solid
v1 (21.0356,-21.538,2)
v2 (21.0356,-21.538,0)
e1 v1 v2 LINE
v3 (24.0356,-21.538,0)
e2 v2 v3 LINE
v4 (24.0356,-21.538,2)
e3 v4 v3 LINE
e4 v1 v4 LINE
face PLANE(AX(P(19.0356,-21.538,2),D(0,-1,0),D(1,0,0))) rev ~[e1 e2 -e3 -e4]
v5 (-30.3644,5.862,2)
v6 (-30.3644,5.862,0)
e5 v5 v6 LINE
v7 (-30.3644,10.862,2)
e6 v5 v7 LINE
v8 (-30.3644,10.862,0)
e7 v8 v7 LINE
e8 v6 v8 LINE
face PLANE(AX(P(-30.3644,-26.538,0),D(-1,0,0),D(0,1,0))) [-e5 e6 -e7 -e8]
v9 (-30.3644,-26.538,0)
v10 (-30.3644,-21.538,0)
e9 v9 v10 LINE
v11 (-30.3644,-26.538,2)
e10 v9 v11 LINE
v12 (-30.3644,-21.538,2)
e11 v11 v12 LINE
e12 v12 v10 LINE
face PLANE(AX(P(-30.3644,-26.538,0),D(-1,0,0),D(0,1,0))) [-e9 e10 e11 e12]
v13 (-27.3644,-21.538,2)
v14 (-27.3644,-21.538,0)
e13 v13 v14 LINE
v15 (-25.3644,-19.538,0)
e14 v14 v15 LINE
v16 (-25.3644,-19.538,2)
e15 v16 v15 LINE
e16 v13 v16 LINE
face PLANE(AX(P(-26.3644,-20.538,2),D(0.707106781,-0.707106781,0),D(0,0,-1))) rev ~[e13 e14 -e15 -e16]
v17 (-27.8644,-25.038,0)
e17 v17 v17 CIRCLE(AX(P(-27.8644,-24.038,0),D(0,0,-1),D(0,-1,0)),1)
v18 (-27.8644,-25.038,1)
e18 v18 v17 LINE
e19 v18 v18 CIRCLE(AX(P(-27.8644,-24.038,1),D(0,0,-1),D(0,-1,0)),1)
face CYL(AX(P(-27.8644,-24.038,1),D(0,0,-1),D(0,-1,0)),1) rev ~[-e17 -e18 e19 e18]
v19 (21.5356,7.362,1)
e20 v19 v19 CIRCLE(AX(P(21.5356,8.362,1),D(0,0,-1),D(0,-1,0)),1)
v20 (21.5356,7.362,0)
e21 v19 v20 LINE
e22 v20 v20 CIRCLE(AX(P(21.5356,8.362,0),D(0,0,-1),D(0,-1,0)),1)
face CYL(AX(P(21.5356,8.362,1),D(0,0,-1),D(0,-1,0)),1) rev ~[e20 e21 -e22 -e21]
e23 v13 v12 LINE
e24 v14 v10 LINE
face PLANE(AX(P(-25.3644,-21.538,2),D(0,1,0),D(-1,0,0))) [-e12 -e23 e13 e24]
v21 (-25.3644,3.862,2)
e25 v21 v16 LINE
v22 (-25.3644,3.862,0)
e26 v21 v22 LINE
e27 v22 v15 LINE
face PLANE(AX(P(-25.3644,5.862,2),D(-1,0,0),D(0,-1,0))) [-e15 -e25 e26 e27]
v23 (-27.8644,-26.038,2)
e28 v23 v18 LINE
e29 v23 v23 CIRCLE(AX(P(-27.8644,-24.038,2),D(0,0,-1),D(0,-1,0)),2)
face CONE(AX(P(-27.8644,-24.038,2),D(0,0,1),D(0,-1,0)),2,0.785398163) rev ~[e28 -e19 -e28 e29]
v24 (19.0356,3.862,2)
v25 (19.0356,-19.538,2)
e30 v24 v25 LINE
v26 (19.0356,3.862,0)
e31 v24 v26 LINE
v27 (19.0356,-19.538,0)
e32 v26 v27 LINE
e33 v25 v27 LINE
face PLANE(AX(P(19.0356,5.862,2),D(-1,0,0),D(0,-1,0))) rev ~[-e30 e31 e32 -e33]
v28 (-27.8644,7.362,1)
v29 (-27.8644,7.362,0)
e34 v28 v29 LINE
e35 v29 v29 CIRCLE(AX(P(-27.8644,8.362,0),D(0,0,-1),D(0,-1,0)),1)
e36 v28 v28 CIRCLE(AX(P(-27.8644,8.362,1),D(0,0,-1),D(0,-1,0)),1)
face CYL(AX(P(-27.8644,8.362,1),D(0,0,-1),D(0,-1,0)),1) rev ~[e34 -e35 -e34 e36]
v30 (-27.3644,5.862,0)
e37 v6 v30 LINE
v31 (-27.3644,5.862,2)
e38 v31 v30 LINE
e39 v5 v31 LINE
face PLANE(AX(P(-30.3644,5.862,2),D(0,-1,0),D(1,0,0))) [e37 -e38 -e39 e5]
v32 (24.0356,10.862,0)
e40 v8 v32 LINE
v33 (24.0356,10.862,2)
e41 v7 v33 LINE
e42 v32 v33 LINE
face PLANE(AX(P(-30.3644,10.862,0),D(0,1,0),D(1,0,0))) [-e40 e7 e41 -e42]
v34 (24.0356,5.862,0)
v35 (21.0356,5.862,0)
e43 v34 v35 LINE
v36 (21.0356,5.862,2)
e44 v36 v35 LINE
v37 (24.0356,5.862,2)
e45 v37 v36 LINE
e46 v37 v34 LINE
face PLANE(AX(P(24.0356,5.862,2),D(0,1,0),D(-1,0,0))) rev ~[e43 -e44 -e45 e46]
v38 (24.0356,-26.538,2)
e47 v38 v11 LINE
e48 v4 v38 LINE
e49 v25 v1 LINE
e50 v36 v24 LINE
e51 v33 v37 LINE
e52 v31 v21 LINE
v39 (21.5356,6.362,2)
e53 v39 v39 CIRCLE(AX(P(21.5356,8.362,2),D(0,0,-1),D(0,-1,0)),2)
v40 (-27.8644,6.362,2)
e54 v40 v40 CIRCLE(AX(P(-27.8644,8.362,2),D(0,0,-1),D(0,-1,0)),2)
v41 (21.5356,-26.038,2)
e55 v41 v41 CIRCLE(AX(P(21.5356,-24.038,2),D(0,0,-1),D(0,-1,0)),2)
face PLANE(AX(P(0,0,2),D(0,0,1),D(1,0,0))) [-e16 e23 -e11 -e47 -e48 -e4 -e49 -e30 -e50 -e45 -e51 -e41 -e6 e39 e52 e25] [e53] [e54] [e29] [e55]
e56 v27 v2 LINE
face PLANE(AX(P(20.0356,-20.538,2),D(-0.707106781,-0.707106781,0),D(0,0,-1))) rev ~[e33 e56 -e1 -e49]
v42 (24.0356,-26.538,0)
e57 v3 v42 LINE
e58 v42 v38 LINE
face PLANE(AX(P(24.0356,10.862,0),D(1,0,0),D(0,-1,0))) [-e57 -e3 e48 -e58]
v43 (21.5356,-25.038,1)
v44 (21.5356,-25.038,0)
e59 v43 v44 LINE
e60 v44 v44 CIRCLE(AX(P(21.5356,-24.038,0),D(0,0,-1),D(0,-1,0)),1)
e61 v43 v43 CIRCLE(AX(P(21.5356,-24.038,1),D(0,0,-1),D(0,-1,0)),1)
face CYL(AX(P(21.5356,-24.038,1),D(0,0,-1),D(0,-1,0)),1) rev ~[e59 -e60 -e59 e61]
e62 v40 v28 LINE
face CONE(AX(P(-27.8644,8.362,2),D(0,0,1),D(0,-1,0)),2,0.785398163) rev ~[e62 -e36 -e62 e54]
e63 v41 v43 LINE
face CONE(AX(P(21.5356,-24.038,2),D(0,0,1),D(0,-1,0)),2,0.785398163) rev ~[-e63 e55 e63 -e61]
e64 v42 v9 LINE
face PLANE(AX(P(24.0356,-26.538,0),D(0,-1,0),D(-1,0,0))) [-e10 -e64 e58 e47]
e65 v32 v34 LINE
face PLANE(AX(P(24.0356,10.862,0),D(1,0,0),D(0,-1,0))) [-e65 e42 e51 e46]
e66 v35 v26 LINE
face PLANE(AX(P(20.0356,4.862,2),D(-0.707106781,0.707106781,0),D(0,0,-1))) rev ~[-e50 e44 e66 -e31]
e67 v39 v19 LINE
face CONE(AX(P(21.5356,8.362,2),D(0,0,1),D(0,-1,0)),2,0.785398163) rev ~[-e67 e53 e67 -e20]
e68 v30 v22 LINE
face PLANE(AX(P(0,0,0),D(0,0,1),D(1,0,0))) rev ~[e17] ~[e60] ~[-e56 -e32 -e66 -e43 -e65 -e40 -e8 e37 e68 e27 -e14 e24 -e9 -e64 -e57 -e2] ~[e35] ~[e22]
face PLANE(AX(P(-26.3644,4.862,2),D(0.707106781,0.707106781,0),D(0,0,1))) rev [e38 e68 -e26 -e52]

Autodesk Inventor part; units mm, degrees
ref_plane "YZ Plane" through (0, 0, 0) normal (1, 0, 0) x (0, 1, 0)
ref_plane "XZ Plane" through (0, 0, 0) normal (0, 1, 0) x (-1, 0, 0)
ref_plane "XY Plane" through (0, 0, 0) normal (0, 0, 1) x (1, 0, 0)
sketch "Sketch1" plane through (0, 0, 0) normal (0, 0, 1) x (1, 0, 0)
  line L0 (-30.3644, 10.862) -> (24.0356, 10.862)
  line L1 (24.0356, 10.862) -> (24.0356, -26.538)
  line L2 (24.0356, -26.538) -> (-30.3644, -26.538)
  line L3 (-30.3644, -26.538) -> (-30.3644, 10.862)
  point P0 (0, 0)
  dimension "d0" = 54.4
  dimension "d1" = 37.4
extrude "Extrusion1" add sketch "Sketch1" along normal blind 2
sketch "Sketch2" plane through (0, 0, 2) normal (0, 0, 1) x (1, 0, 0)
  line L0 (-30.3644, 10.862) -> (24.0356, 10.862) projected
  line L1 (-30.3644, 10.862) -> (-30.3644, -26.538) projected
  line L2 (-30.3644, -26.538) -> (24.0356, -26.538) projected
  line L3 (24.0356, -26.538) -> (24.0356, 10.862) projected
  point P0 (0, 0)
  point P1 (-27.8644, 8.362)
  point P2 (21.5356, -24.038)
  point P3 (21.5356, 8.362)
  point P4 (-27.8644, -24.038)
  dimension "d4" = 2.5
  dimension "d5" = 2.5
  dimension "d6" = 2.5
  dimension "d7" = 2.5
hole "Hole1" at (-27.8644, 8.362, 2) at (21.5356, -24.038, 2) at (21.5356, 8.362, 2) at (-27.8644, -24.038, 2) direction (0, 0, -1) diameter 2 depth 8 tip angle 118 countersink diameter 4 countersink angle 90
sketch "Sketch3" plane through (0, 0, 2) normal (0, 0, 1) x (1, 0, 0)
  line L0 (-30.3644, -26.538) -> (-30.3644, 10.862) projected
  line L1 (-30.3644, 5.862) -> (-25.3644, 5.862)
  line L2 (-25.3644, 5.862) -> (-25.3644, -21.538)
  line L3 (-25.3644, -21.538) -> (-30.3644, -21.538)
  line L4 (-30.3644, -21.538) -> (-30.3644, 5.862)
  line L5 (24.0356, 10.862) -> (24.0356, -26.538) projected
  line L6 (24.0356, 5.862) -> (19.0356, 5.862)
  line L7 (19.0356, 5.862) -> (19.0356, -21.538)
  line L8 (19.0356, -21.538) -> (24.0356, -21.538)
  line L9 (24.0356, -21.538) -> (24.0356, 5.862)
  line L10 (24.0356, 10.862) -> (-30.3644, 10.862) projected
  line L11 (-30.3644, -26.538) -> (24.0356, -26.538) projected
  point P0 (0, 0)
  dimension "d15" = 5
  dimension "d16" = 5
  dimension "d17" = 5
  dimension "d18" = 5
extrude "Extrusion2" cut sketch "Sketch3" against normal blind 2 contours L0 L1 L2 L3 | L8 L7 L6 L5
chamfer "Chamfer1" distance 2 angle 45 4 edges at (-25.3644, 5.862, 1) (-25.3644, -21.538, 1) (19.0356, -21.538, 1) (19.0356, 5.862, 1)
properties part number "main body cover"
